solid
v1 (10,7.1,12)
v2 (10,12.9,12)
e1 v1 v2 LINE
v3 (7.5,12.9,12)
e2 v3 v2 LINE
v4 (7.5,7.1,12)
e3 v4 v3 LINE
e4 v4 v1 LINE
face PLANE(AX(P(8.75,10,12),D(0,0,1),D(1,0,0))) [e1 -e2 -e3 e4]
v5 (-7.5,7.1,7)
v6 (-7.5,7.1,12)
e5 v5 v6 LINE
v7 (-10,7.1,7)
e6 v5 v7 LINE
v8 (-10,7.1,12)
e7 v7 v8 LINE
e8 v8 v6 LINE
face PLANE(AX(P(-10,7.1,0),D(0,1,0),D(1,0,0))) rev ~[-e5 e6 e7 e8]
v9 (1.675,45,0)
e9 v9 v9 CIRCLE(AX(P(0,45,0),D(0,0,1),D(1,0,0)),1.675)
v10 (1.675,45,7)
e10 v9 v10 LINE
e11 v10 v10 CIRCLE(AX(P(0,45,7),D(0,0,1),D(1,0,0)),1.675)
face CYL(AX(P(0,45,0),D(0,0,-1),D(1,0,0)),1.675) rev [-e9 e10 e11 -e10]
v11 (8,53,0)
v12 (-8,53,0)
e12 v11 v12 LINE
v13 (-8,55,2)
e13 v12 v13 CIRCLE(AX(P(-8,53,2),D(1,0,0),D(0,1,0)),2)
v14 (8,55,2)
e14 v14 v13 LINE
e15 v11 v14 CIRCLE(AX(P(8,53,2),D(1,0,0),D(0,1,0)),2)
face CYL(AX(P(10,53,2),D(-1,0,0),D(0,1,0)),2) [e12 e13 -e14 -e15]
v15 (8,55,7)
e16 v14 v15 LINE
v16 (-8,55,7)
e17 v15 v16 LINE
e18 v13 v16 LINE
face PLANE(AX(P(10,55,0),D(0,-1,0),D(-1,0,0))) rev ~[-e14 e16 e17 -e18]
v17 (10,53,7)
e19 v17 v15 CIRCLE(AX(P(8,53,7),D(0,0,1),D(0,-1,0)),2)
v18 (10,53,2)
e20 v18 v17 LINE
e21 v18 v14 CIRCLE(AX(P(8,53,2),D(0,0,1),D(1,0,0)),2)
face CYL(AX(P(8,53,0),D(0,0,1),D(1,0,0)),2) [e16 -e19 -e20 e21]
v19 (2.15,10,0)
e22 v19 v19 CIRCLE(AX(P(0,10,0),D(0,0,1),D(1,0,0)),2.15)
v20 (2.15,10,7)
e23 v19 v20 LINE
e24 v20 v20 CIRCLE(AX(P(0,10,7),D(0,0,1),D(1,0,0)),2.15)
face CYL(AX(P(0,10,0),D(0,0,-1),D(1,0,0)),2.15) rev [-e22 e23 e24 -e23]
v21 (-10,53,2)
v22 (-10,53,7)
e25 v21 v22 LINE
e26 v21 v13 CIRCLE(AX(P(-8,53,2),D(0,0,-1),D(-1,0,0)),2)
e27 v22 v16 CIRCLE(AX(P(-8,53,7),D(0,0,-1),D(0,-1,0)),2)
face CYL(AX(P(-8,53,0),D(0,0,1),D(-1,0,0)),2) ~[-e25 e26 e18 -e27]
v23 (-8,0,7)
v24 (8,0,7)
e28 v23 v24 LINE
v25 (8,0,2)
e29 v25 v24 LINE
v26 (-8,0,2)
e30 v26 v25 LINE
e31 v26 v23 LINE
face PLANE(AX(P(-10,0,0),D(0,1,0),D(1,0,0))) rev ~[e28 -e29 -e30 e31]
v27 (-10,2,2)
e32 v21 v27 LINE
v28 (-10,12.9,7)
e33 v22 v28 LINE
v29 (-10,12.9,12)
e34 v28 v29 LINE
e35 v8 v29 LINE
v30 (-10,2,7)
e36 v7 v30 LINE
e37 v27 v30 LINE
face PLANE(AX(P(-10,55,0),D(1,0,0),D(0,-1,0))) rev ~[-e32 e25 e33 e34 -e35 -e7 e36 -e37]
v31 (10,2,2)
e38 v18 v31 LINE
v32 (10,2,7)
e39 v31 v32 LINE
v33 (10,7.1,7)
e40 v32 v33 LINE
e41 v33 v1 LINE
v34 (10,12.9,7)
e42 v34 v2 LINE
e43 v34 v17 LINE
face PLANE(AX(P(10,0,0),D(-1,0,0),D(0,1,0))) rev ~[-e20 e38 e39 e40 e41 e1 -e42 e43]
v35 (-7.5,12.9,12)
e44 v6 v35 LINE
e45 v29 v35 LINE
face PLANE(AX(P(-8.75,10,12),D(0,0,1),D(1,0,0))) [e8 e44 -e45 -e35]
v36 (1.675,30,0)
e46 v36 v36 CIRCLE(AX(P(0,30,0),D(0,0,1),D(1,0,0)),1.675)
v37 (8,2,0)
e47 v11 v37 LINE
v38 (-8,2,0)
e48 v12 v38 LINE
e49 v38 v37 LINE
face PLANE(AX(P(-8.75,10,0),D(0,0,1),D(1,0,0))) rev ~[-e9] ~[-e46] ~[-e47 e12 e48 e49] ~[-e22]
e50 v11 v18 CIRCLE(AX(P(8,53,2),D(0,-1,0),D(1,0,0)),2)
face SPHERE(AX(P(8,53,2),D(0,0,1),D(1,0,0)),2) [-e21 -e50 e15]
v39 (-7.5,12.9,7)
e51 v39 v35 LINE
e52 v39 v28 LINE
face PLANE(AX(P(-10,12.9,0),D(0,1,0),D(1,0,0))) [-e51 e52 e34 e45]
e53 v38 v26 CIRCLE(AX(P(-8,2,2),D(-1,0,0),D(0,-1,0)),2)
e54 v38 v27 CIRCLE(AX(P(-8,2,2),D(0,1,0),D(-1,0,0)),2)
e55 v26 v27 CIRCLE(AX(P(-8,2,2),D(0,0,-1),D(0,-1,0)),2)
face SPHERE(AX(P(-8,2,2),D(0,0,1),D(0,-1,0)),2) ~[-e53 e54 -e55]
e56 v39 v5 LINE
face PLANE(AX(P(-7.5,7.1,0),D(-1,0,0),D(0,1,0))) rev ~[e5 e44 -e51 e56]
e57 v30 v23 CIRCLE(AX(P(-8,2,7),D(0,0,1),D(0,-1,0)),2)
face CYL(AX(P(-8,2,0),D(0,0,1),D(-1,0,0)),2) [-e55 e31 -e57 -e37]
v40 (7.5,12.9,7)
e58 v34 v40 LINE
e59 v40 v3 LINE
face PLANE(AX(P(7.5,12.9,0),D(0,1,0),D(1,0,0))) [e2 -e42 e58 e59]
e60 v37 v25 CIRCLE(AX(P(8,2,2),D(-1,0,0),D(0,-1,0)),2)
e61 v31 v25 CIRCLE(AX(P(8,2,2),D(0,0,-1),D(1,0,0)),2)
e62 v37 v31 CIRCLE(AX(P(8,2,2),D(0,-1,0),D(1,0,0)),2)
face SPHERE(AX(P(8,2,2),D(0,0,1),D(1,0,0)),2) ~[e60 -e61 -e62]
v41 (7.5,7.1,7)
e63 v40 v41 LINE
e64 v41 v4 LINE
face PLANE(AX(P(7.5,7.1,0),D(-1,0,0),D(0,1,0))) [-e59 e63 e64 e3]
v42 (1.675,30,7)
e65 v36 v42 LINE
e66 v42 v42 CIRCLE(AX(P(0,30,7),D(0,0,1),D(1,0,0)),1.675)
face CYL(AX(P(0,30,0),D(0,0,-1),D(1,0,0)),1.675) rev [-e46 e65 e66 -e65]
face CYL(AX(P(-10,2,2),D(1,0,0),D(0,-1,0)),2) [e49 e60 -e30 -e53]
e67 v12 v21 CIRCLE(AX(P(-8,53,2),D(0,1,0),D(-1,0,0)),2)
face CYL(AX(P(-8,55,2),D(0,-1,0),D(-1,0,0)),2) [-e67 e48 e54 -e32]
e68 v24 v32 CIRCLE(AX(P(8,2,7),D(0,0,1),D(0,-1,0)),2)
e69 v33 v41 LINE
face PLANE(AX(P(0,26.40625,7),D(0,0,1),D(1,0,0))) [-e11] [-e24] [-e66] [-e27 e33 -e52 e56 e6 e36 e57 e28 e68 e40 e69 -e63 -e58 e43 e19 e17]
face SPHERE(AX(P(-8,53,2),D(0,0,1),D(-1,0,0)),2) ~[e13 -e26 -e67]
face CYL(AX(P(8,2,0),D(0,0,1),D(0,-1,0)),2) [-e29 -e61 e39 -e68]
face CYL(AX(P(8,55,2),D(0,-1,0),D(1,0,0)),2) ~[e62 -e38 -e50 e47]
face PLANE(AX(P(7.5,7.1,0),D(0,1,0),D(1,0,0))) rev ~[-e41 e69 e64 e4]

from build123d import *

# Parameters (mm, degrees)
F0_R     = 2.15
F0_R_2   = 1.675
F0_W     = 2.5
F0_H     = 5.8
F1_DEPTH = 7
F2_DEPTH = 12
F3_R     = 2


with BuildPart() as f1:
    # F0 (on Top) → F1 (new body)
    with BuildSketch(Plane.XY):
        Polygon((-10, 7.1), (-10, 0), (10, 0), (10, 7.1), (7.5, 7.1), (7.5, 12.9), (10, 12.9), (10, 55), (-10, 55), (-10, 12.9), (-7.5, 12.9), (-7.5, 7.1), align=None)
        with Locations((0, 10)):
            Circle(F0_R, mode=Mode.SUBTRACT)
        with Locations((0, 30)):
            Circle(F0_R_2, mode=Mode.SUBTRACT)
        with Locations((0, 45)):
            Circle(F0_R_2, mode=Mode.SUBTRACT)
        with Locations((-8.75, 10)):
            Rectangle(F0_W, F0_H)
        with Locations((8.75, 10)):
            Rectangle(F0_W, F0_H)
    extrude(amount=F1_DEPTH)

    # F0 (on Top) → F2 (join)
    with BuildSketch(Plane.XY):
        with Locations((-8.75, 10)):
            Rectangle(F0_W, F0_H)
        with Locations((8.75, 10)):
            Rectangle(F0_W, F0_H)
    extrude(amount=F2_DEPTH)

    # F3
    f3_edges = [f1.edges().sort_by_distance(p)[0] for p in [
        (10, 0, 3.5),
        (-10, 0, 3.5),
        (10, 55, 3.5),
        (-10, 55, 3.5),
        (10, 27.5, 0),
        (0, 0, 0),
        (-10, 27.5, 0),
        (0, 55, 0),
    ]]
    fillet(f3_edges, radius=F3_R)


solid = f1.part
